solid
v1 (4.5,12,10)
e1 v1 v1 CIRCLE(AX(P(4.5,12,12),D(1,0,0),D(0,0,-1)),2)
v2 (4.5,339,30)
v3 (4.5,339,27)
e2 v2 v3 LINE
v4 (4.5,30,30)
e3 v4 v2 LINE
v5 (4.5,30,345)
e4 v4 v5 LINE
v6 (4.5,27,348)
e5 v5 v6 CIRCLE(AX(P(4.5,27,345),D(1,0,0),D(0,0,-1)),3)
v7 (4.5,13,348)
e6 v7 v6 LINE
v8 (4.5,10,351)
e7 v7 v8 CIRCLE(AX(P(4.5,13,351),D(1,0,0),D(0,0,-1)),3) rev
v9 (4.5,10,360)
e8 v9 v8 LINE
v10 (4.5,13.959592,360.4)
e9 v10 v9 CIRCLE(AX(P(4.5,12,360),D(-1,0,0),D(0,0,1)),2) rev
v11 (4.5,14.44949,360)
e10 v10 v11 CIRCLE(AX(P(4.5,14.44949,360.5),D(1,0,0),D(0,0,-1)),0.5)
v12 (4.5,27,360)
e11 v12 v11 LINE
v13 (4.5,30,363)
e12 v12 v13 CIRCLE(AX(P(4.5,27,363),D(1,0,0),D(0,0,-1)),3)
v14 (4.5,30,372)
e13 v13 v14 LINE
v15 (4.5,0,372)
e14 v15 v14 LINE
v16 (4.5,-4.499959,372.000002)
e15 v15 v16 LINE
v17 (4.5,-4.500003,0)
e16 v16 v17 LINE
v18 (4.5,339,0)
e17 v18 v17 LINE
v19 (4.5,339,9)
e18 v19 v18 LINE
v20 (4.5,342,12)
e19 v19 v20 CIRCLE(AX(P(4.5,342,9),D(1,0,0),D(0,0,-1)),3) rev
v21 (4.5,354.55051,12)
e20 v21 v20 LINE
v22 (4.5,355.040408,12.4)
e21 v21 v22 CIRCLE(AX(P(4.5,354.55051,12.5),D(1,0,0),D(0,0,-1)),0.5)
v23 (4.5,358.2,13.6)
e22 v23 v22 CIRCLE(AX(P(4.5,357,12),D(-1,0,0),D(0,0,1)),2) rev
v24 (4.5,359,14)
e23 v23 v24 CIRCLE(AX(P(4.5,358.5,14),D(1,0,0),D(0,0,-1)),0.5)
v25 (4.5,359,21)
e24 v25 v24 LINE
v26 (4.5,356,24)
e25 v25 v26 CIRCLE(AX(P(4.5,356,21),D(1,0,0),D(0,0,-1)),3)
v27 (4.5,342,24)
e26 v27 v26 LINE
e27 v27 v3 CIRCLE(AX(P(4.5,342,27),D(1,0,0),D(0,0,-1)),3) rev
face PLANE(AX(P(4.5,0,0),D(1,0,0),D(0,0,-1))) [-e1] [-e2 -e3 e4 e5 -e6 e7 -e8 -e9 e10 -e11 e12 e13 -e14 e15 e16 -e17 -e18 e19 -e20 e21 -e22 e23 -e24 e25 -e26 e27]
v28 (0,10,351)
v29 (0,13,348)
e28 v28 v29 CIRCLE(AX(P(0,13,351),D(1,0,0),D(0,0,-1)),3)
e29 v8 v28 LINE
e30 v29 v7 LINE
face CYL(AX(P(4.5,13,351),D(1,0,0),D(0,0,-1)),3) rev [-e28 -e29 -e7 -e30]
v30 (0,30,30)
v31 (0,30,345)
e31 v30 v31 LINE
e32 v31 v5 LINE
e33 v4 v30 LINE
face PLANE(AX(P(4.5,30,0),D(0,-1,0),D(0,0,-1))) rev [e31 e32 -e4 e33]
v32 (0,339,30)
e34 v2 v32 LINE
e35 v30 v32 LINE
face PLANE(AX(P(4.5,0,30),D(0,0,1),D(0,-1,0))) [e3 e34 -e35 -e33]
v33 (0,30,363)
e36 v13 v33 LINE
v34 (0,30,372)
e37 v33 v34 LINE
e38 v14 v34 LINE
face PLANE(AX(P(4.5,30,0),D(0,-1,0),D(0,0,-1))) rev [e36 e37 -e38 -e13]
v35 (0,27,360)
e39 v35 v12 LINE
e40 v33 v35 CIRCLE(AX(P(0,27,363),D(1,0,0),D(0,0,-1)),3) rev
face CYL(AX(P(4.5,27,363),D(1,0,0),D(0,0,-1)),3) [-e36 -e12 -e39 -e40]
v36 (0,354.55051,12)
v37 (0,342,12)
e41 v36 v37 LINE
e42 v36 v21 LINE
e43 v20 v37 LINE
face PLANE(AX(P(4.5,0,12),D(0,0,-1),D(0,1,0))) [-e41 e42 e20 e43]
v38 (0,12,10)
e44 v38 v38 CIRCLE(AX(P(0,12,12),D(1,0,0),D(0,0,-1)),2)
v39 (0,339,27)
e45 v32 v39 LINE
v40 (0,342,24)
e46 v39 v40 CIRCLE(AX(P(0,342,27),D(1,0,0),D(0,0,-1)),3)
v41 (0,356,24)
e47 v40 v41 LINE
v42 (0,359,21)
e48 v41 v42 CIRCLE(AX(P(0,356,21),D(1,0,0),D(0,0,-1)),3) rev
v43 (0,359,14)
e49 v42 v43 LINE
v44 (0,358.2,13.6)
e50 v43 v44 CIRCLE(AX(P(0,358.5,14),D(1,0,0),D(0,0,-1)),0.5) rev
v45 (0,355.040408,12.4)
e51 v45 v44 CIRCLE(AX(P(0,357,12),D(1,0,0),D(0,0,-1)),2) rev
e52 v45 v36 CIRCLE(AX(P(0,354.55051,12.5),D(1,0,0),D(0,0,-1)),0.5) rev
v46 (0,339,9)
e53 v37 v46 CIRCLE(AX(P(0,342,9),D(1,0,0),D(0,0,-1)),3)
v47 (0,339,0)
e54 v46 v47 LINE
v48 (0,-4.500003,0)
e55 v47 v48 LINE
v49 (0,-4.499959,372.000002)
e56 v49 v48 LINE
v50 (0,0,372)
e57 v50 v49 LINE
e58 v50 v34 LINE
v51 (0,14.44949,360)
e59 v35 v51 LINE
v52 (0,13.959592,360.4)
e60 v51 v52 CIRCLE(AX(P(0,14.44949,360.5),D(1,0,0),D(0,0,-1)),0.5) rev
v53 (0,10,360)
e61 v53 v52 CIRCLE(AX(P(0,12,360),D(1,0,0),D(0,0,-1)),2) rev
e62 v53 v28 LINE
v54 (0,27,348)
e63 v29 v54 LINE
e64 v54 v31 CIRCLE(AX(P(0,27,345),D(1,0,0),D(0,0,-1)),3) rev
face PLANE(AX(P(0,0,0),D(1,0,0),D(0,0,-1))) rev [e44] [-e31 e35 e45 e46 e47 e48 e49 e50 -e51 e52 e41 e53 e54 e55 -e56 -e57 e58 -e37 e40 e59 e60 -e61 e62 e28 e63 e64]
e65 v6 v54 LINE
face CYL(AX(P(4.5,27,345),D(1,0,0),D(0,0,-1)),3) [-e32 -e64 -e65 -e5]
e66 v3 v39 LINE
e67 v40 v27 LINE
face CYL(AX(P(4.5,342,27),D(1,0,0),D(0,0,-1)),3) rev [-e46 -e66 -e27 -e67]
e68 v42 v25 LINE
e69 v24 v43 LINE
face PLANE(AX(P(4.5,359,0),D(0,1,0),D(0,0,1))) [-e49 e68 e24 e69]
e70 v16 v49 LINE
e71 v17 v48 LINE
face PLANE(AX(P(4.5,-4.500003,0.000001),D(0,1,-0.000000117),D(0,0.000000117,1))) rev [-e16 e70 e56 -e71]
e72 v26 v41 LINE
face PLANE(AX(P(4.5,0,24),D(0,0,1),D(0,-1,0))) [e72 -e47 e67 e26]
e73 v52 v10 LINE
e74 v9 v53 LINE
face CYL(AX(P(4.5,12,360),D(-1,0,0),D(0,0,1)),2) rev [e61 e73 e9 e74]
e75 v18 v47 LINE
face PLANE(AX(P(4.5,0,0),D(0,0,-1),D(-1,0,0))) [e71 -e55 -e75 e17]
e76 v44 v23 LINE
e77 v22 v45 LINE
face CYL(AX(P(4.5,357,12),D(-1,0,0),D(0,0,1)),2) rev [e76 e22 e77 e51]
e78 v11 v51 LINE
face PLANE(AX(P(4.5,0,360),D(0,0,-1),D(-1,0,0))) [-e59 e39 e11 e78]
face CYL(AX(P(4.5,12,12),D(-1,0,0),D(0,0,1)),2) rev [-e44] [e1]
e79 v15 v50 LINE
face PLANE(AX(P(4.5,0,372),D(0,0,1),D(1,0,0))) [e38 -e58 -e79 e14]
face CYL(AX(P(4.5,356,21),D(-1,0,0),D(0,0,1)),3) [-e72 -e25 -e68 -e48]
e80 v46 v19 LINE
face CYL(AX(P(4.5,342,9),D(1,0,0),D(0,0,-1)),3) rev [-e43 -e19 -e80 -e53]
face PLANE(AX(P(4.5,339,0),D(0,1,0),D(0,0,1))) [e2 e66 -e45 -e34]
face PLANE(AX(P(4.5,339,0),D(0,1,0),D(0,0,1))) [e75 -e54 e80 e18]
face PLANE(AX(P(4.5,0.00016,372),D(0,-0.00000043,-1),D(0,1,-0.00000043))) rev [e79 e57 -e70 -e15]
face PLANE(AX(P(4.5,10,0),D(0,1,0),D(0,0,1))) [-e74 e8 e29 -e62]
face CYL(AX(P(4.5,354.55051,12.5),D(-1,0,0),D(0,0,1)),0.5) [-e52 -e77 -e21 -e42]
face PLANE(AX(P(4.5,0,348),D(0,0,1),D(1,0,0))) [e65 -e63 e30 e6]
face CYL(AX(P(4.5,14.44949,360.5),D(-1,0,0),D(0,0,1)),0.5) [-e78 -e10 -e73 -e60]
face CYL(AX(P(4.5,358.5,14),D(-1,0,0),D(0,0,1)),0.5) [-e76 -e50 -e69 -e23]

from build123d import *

# Parameters (mm, degrees)
SKETCH2_R           = 2
BOSS_EXTRUDE1_DEPTH = 4.5
CUT_EXTRUDE1_DEPTH  = 517.996374688
FILLET2_R           = 0.5
FILLET4_R           = 0.5
FILLET5_R           = 0.5
FILLET6_R           = 3
FILLET7_R           = 3


with BuildPart() as part:
    # Sketch2 → Boss-Extrude1 (new body)
    # profile 1 of 2: a face of its own
    with BuildSketch(Plane(origin=(0, 0, 0), x_dir=(0, 0, -1), z_dir=(1, 0, 0))):
        Polygon((-12, 339), (0, 339), (0, 0), (-372, 0), (-372, 30), (-360, 30), (-360, 10), (-348, 10), (-348, 30), (-30, 30), (-30, 339), (-24, 339), (-24, 359), (-12, 359), align=None)
        with Locations((-12, 12)):
            Circle(SKETCH2_R, mode=Mode.SUBTRACT)
    # profile 2 of 2: a face of its own
    with BuildSketch(Plane(origin=(0, 0, 0), x_dir=(0, 0, -1), z_dir=(1, 0, 0))):
        Polygon((-372.000001936, -4.49995894), (0, -4.500002581), (0, 0), (-372, 0), align=None)
    extrude(amount=BOSS_EXTRUDE1_DEPTH)

    # Sketch3 → Cut-Extrude1 (cut, through all)
    with BuildSketch(Plane(origin=(0, 0, 0), x_dir=(0, 0, -1), z_dir=(1, 0, 0))):
        with BuildLine():
            Line((-360, 14), (-360, 10))
            ThreePointArc((-360, 10), (-358.585786438, 10.585786438), (-358, 12))
            ThreePointArc((-358, 12), (-358.585786438, 13.414213562), (-360, 14))
        make_face()
        with BuildLine():
            ThreePointArc((-360, 14), (-362, 12), (-360, 10))
            Line((-360, 10), (-360, 14))
        make_face()
        with BuildLine():
            ThreePointArc((-12, 355), (-10.585786438, 355.585786438), (-10, 357))
            ThreePointArc((-10, 357), (-10.585786438, 358.414213562), (-12, 359))
            Line((-12, 359), (-12, 355))
        make_face()
        with BuildLine():
            Line((-12, 355), (-12, 359))
            ThreePointArc((-12, 359), (-14, 357), (-12, 355))
        make_face()
    extrude(amount=CUT_EXTRUDE1_DEPTH, mode=Mode.SUBTRACT)

    # Fillet2
    fillet2_edges = [part.edges().sort_by_distance(p)[0] for p in [
        (2.25, 355, 12),
    ]]
    fillet(fillet2_edges, radius=FILLET2_R)

    # Fillet4
    fillet4_edges = [part.edges().sort_by_distance(p)[0] for p in [
        (2.25, 359, 12),
    ]]
    fillet(fillet4_edges, radius=FILLET4_R)

    # Fillet5
    fillet5_edges = [part.edges().sort_by_distance(p)[0] for p in [
        (2.25, 14, 360),
    ]]
    fillet(fillet5_edges, radius=FILLET5_R)

    # Fillet6
    fillet6_edges = [part.edges().sort_by_distance(p)[0] for p in [
        (2.25, 30, 360),
        (2.25, 30, 348),
        (2.25, 339, 24),
        (2.25, 339, 12),
    ]]
    fillet(fillet6_edges, radius=FILLET6_R)

    # Fillet7
    fillet7_edges = [part.edges().sort_by_distance(p)[0] for p in [
        (2.25, 10, 348),
        (2.25, 359, 24),
    ]]
    fillet(fillet7_edges, radius=FILLET7_R)


solid = part.part
